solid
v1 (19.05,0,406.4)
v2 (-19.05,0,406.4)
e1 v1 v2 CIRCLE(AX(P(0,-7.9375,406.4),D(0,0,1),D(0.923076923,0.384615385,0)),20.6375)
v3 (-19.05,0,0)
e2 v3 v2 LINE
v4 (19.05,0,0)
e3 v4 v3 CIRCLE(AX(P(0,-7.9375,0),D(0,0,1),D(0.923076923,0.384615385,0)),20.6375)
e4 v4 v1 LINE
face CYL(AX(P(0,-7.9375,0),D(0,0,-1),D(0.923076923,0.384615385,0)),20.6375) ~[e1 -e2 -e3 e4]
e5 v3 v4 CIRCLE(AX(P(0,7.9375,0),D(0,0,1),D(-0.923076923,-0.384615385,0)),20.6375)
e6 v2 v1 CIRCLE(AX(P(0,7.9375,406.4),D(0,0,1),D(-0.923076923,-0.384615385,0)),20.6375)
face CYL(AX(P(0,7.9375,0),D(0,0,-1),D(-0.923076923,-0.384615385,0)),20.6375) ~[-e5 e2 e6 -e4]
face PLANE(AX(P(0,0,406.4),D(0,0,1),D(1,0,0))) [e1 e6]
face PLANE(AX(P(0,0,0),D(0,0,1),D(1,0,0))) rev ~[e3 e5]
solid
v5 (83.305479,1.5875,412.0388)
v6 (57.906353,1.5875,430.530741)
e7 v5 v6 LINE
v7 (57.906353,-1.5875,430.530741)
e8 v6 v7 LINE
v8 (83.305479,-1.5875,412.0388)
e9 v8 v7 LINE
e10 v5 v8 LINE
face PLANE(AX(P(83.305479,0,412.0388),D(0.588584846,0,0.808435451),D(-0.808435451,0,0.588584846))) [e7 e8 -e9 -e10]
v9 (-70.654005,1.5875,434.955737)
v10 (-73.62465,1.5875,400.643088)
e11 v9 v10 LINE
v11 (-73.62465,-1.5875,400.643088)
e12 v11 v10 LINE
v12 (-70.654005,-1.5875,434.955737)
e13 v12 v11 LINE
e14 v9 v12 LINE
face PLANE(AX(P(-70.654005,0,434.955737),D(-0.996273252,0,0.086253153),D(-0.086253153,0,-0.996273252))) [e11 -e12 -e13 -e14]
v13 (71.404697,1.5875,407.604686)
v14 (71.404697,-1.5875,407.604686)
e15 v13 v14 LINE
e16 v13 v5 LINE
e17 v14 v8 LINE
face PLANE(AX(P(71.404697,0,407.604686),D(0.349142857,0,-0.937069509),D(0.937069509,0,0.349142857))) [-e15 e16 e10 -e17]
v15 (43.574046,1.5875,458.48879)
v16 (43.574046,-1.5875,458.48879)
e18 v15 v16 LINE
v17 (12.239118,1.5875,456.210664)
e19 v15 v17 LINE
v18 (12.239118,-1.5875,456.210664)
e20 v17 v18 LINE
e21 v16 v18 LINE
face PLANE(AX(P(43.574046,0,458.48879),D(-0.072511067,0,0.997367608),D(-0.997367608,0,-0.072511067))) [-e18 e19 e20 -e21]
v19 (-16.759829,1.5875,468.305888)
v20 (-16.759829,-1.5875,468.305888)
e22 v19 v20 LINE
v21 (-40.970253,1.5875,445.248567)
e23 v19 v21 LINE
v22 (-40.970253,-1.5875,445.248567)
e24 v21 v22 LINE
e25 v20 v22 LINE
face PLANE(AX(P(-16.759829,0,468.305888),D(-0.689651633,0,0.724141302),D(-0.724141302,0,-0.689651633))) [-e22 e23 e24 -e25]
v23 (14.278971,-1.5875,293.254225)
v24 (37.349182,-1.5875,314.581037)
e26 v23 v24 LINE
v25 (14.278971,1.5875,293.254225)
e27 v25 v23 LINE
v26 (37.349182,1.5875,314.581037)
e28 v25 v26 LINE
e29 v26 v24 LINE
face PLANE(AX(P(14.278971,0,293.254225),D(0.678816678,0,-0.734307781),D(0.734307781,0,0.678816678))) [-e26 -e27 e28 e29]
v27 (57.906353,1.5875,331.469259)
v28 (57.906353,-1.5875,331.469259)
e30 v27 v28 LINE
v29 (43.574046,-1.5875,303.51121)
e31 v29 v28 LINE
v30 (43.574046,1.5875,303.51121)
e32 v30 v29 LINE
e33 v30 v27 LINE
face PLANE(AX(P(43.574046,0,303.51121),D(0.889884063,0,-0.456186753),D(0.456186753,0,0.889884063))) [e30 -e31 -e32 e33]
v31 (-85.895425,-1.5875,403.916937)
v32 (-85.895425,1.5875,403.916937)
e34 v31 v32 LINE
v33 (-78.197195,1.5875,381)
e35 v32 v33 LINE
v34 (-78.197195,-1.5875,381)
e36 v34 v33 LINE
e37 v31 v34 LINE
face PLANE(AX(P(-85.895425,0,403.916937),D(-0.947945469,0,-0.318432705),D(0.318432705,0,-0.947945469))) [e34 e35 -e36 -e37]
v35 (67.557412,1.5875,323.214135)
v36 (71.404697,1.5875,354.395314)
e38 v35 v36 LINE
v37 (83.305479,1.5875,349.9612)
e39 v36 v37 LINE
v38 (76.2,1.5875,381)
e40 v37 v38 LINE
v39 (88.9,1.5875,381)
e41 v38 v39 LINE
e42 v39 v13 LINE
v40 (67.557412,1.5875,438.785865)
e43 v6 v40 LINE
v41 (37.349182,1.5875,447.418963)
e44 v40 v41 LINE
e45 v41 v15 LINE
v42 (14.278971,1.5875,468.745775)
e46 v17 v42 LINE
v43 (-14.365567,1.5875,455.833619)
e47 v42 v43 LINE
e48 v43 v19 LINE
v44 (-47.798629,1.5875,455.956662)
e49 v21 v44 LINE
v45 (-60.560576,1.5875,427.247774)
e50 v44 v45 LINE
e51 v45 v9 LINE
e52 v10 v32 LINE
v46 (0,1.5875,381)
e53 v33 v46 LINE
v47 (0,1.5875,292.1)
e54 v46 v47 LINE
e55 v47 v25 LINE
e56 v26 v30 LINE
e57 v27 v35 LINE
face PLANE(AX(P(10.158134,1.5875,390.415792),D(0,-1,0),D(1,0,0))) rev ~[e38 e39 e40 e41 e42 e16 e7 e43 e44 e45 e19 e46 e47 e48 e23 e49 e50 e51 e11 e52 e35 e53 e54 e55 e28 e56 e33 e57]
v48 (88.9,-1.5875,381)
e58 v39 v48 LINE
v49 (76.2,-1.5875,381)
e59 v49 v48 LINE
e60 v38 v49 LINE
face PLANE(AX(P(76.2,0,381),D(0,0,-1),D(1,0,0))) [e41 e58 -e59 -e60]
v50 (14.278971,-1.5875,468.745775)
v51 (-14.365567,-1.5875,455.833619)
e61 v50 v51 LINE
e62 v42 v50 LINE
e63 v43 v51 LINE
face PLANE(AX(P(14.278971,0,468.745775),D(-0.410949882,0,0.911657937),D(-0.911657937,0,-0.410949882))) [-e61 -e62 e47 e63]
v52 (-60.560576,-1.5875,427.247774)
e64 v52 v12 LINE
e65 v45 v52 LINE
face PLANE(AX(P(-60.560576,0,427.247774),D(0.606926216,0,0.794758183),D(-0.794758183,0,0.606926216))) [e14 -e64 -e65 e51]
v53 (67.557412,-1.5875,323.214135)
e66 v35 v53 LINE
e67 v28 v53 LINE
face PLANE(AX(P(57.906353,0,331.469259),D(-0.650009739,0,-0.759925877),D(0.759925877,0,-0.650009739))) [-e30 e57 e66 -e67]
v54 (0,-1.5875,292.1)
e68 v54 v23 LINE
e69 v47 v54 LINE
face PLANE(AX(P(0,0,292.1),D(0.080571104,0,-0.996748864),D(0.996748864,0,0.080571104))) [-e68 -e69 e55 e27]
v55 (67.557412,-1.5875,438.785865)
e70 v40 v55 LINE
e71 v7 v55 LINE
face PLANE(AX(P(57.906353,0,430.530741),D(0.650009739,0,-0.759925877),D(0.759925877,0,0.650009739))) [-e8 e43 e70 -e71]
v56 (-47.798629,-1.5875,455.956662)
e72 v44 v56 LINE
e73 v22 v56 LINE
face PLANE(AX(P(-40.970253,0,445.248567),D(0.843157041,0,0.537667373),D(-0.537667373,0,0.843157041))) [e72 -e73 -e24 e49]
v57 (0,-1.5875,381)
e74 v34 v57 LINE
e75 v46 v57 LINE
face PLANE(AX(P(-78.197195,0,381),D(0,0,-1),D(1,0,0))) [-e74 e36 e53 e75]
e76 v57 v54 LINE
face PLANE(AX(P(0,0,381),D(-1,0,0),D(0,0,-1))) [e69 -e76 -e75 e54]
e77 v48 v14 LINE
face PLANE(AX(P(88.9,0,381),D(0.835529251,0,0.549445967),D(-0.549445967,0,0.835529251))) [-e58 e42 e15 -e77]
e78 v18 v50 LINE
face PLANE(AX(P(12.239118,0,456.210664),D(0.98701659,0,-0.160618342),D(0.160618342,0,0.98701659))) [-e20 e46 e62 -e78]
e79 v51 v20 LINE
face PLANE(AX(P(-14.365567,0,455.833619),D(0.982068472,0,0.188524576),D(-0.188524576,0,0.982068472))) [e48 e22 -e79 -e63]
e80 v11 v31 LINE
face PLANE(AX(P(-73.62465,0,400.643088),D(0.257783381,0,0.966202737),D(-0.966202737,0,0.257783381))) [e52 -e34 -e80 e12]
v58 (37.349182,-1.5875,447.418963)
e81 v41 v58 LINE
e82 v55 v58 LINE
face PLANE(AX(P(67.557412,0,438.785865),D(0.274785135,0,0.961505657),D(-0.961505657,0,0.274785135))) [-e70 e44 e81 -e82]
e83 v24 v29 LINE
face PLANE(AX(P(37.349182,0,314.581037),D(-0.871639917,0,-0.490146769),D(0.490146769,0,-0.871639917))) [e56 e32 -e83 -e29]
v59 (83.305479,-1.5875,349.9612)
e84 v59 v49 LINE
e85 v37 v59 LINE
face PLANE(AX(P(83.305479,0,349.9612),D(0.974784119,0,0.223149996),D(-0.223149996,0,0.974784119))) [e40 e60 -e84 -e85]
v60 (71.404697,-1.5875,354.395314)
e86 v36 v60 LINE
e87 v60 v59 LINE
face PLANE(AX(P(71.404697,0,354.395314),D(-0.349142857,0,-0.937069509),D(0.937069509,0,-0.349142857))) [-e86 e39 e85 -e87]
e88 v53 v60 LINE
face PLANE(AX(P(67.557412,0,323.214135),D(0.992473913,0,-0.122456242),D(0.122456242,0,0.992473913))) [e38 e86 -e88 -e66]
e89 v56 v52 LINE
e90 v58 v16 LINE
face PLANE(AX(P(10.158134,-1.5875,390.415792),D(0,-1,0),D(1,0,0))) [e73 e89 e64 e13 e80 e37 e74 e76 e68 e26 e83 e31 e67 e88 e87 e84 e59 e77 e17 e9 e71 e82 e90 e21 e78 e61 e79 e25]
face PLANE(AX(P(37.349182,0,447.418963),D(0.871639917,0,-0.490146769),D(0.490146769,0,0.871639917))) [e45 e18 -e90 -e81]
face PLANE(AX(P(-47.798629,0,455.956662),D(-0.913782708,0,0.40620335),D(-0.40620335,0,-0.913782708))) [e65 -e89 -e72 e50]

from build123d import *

# Parameters (mm, degrees)
F1_DEPTH      = 406.4
F3_DEPTH      = 1.5875
F3_DEPTH_BACK = 1.5875


with BuildPart() as f1:
    # F0 (on Top) → F1 (new body)
    with BuildSketch(Plane.XY):
        with BuildLine():
            ThreePointArc((-19.05, 0), (0, -12.7), (19.05, 0))
            ThreePointArc((19.05, 0), (0, 12.7), (-19.05, 0))
        make_face()
    extrude(amount=F1_DEPTH)


with BuildPart() as f3:
    # F2 (on Front) → F3 (new body, two sides)
    with BuildSketch(Plane.XZ) as f3_sk:
        Polygon((-78.197195, 381), (0, 381), (0, 292.1), (14.278971, 293.254225), (37.349182, 314.581037), (43.574046, 303.51121), (57.906353, 331.469259), (67.557412, 323.214135), (71.404697, 354.395314), (83.305479, 349.9612), (76.2, 381), (88.9, 381), (71.404697, 407.604686), (83.305479, 412.0388), (57.906353, 430.530741), (67.557412, 438.785865), (37.349182, 447.418963), (43.574046, 458.48879), (12.239118, 456.210664), (14.278971, 468.745775), (-14.365567, 455.833619), (-16.759829, 468.305888), (-40.970253, 445.248567), (-47.798629, 455.956662), (-60.560576, 427.247774), (-70.654005, 434.955737), (-73.62465, 400.643088), (-85.895425, 403.916937), align=None)
    extrude(amount=F3_DEPTH)
    extrude(f3_sk.sketch, amount=-F3_DEPTH_BACK)


solid = Compound([f1.part, f3.part])
